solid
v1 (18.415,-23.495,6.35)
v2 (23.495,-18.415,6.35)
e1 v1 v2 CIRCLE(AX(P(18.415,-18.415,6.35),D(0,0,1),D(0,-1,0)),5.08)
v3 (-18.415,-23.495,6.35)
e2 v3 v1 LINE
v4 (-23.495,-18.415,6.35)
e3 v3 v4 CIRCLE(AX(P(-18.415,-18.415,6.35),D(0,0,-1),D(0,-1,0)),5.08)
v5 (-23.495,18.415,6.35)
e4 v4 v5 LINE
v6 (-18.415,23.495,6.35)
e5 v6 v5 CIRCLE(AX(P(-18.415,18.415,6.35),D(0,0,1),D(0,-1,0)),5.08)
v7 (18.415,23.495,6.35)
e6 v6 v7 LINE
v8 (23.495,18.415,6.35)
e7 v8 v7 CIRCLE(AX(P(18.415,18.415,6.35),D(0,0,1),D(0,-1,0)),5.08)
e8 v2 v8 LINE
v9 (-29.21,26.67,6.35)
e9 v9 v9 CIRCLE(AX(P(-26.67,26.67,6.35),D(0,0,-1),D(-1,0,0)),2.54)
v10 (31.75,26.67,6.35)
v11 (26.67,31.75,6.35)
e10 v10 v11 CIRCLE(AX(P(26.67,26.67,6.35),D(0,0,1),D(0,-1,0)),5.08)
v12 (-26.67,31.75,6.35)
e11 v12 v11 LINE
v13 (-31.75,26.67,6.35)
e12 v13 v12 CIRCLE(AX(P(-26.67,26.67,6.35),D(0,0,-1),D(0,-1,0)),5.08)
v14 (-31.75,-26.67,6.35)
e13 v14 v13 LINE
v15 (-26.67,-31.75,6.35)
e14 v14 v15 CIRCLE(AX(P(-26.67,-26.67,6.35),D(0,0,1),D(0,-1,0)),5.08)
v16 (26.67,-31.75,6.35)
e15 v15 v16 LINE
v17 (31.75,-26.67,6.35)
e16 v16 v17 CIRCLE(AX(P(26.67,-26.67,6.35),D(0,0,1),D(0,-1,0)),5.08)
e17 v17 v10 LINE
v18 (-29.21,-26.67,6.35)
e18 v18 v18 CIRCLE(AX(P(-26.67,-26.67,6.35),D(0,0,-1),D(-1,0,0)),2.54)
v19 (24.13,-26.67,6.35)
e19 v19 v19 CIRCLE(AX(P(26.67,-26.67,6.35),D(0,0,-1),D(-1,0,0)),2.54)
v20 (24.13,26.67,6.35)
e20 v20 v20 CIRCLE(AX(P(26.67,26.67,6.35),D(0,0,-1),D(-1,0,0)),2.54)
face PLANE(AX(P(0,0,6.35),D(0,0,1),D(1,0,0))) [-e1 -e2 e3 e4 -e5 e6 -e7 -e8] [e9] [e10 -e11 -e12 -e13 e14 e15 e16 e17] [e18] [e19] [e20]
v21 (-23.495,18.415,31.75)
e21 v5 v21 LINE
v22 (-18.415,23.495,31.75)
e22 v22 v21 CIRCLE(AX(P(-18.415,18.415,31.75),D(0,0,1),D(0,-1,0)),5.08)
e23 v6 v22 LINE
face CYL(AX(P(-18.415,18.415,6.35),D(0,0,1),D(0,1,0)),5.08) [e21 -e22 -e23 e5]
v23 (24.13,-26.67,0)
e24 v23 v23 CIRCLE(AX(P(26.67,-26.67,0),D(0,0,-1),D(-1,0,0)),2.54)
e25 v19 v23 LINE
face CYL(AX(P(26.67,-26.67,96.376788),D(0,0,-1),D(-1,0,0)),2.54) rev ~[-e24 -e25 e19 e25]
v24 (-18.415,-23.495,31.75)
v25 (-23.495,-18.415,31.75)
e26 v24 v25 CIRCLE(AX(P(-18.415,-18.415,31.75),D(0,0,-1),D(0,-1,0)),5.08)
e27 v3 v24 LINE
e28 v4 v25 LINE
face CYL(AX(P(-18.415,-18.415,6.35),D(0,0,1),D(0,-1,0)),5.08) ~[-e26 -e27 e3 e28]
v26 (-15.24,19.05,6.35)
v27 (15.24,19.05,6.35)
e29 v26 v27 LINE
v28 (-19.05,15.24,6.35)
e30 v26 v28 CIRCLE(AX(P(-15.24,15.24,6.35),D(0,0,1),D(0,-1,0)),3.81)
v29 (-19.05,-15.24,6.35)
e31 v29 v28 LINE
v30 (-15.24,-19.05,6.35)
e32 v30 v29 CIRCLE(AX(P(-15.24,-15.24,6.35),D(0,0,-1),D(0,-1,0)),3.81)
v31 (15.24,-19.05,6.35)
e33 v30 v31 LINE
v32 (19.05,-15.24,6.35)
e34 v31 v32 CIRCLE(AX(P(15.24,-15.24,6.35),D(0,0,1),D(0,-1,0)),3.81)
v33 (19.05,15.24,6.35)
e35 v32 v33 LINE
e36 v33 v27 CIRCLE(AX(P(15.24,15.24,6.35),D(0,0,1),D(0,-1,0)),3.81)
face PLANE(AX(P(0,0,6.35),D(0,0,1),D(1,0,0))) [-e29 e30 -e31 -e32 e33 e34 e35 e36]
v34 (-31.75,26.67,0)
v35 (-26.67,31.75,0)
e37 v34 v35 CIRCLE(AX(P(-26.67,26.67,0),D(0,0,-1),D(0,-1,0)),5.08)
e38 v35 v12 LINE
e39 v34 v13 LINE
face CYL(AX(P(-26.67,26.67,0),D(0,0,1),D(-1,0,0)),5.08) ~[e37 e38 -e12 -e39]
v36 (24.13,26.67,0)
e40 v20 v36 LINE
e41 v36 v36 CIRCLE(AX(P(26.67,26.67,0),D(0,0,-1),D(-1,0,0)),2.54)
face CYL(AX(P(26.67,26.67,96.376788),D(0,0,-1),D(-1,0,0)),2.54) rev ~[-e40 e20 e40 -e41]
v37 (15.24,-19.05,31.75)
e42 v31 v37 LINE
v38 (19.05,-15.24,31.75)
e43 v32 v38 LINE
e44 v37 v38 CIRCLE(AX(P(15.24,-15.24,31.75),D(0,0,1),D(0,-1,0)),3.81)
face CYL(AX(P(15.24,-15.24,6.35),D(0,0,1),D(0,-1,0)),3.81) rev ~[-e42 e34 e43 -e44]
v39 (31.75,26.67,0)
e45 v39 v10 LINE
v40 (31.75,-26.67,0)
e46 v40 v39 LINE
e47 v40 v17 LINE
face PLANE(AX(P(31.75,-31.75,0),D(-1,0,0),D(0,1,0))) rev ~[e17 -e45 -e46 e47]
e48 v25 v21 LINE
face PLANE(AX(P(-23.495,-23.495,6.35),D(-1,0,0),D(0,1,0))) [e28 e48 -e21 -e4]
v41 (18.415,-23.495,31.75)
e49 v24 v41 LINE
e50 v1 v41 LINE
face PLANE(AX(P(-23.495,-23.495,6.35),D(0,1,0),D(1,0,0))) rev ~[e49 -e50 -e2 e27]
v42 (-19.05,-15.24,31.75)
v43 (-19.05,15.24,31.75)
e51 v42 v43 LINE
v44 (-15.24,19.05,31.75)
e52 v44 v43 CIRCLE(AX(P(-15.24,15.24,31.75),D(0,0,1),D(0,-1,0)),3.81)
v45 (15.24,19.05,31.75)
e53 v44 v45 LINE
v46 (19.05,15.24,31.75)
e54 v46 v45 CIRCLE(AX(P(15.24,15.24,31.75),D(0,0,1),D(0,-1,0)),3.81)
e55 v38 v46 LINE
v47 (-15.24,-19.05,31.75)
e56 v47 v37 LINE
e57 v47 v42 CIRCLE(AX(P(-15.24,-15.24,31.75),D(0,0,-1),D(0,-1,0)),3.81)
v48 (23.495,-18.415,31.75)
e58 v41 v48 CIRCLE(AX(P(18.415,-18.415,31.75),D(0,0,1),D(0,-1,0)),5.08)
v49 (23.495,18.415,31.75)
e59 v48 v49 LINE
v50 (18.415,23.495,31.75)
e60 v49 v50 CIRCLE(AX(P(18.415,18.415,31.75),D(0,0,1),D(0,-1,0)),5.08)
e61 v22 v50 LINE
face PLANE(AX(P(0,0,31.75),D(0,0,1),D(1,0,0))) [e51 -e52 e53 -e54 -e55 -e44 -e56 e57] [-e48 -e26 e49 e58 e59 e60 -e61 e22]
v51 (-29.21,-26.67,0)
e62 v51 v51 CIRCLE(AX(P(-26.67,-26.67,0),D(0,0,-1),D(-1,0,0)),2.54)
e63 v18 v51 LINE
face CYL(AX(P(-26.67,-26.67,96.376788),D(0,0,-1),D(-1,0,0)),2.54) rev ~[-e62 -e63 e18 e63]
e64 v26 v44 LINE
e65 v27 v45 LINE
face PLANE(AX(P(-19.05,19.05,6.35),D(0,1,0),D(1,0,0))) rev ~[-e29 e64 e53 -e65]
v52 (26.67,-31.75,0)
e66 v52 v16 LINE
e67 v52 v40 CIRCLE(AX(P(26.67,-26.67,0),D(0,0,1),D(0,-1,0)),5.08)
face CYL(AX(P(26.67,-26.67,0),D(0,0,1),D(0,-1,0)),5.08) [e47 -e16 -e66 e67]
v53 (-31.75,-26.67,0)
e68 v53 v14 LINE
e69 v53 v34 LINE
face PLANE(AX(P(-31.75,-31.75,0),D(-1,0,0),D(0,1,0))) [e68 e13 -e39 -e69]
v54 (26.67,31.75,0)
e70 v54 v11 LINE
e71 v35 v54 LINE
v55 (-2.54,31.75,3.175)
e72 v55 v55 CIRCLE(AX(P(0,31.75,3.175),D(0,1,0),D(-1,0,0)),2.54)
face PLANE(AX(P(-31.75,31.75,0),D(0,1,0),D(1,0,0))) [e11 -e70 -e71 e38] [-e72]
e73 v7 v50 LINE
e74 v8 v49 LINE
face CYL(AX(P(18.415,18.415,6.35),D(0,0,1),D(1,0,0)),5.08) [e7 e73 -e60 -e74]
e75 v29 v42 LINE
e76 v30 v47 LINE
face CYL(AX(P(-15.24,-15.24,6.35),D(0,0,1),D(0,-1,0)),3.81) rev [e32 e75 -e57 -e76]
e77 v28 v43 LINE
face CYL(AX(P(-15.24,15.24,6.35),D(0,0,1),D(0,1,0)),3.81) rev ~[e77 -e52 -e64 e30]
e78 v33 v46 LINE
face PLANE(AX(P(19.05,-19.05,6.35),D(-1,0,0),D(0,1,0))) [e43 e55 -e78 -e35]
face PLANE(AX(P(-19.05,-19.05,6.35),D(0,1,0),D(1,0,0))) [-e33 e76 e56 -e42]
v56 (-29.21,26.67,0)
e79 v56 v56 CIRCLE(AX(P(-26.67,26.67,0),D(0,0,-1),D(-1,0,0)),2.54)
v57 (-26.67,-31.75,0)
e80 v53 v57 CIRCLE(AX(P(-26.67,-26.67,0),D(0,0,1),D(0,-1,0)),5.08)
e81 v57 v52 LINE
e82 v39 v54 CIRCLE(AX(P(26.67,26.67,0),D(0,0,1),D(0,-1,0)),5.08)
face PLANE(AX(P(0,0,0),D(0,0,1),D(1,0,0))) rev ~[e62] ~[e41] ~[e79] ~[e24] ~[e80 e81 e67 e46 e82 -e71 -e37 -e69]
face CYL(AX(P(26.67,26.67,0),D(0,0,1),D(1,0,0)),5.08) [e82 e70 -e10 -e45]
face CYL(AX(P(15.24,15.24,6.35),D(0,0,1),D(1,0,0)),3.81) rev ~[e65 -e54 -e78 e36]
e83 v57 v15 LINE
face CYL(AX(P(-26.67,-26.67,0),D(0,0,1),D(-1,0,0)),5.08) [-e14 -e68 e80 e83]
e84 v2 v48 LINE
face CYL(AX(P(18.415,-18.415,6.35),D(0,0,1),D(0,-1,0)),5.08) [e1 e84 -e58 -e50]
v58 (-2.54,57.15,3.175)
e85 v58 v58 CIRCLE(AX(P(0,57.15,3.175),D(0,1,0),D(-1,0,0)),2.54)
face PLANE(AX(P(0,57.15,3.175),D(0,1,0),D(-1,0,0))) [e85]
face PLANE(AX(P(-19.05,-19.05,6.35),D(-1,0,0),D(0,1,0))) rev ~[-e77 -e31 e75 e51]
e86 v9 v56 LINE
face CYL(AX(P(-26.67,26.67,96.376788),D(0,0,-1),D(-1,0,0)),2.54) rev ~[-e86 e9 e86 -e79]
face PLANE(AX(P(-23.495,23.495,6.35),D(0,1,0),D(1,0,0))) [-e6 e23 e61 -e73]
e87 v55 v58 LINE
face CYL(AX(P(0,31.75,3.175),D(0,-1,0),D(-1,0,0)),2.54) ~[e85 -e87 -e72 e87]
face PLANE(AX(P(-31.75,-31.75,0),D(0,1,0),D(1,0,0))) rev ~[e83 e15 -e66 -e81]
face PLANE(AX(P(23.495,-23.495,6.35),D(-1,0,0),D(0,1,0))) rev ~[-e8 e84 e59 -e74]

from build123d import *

# Parameters (mm, degrees)
F0_W     = 63.5
F0_H     = 63.5
F1_DEPTH = 6.35
F2_R     = 5.08
F4_D     = 5.08
F5_R     = 2.54
F6_DEPTH = 25.4
F7_W     = 46.99
F7_H     = 46.99
F7_W_2   = 38.1
F7_H_2   = 38.1
F8_DEPTH = 25.4
F9_R     = 5.08
F10_R    = 3.81


with BuildPart() as f1:
    # F0 (on Top) → F1 (new body)
    with BuildSketch(Plane.XY):
        Rectangle(F0_W, F0_H)
    extrude(amount=F1_DEPTH)

    # F2
    f2_edges = [f1.edges().sort_by_distance(p)[0] for p in [
        (-31.75, -31.75, 3.175),
        (31.75, -31.75, 3.175),
        (31.75, 31.75, 3.175),
        (-31.75, 31.75, 3.175),
    ]]
    fillet(f2_edges, radius=F2_R)

    # F4 (through all)
    with Locations(Plane.XY.offset(6.35)):
        with Locations((-26.67, 26.67), (26.67, 26.67), (26.67, -26.67), (-26.67, -26.67)):
            Hole(F4_D / 2)

    # F5 (on face) → F6 (join)
    with BuildSketch(Plane(origin=(0, 31.75, 0), x_dir=(-1, 0, 0), z_dir=(0, 1, 0))):
        with Locations((0, 3.175)):
            Circle(F5_R)
    extrude(amount=F6_DEPTH)

    # F7 (on face) → F8 (join)
    with BuildSketch(Plane.XY.offset(6.35)):
        Rectangle(F7_W, F7_H)
        Rectangle(F7_W_2, F7_H_2, mode=Mode.SUBTRACT)
    extrude(amount=F8_DEPTH)

    # F9
    f9_edges = [f1.edges().sort_by_distance(p)[0] for p in [
        (-23.495, -23.495, 19.05),
        (23.495, -23.495, 19.05),
        (23.495, 23.495, 19.05),
        (-23.495, 23.495, 19.05),
    ]]
    fillet(f9_edges, radius=F9_R)

    # F10
    f10_edges = [f1.edges().sort_by_distance(p)[0] for p in [
        (19.05, 19.05, 19.05),
        (-19.05, 19.05, 19.05),
        (-19.05, -19.05, 19.05),
        (19.05, -19.05, 19.05),
    ]]
    fillet(f10_edges, radius=F10_R)


solid = f1.part
